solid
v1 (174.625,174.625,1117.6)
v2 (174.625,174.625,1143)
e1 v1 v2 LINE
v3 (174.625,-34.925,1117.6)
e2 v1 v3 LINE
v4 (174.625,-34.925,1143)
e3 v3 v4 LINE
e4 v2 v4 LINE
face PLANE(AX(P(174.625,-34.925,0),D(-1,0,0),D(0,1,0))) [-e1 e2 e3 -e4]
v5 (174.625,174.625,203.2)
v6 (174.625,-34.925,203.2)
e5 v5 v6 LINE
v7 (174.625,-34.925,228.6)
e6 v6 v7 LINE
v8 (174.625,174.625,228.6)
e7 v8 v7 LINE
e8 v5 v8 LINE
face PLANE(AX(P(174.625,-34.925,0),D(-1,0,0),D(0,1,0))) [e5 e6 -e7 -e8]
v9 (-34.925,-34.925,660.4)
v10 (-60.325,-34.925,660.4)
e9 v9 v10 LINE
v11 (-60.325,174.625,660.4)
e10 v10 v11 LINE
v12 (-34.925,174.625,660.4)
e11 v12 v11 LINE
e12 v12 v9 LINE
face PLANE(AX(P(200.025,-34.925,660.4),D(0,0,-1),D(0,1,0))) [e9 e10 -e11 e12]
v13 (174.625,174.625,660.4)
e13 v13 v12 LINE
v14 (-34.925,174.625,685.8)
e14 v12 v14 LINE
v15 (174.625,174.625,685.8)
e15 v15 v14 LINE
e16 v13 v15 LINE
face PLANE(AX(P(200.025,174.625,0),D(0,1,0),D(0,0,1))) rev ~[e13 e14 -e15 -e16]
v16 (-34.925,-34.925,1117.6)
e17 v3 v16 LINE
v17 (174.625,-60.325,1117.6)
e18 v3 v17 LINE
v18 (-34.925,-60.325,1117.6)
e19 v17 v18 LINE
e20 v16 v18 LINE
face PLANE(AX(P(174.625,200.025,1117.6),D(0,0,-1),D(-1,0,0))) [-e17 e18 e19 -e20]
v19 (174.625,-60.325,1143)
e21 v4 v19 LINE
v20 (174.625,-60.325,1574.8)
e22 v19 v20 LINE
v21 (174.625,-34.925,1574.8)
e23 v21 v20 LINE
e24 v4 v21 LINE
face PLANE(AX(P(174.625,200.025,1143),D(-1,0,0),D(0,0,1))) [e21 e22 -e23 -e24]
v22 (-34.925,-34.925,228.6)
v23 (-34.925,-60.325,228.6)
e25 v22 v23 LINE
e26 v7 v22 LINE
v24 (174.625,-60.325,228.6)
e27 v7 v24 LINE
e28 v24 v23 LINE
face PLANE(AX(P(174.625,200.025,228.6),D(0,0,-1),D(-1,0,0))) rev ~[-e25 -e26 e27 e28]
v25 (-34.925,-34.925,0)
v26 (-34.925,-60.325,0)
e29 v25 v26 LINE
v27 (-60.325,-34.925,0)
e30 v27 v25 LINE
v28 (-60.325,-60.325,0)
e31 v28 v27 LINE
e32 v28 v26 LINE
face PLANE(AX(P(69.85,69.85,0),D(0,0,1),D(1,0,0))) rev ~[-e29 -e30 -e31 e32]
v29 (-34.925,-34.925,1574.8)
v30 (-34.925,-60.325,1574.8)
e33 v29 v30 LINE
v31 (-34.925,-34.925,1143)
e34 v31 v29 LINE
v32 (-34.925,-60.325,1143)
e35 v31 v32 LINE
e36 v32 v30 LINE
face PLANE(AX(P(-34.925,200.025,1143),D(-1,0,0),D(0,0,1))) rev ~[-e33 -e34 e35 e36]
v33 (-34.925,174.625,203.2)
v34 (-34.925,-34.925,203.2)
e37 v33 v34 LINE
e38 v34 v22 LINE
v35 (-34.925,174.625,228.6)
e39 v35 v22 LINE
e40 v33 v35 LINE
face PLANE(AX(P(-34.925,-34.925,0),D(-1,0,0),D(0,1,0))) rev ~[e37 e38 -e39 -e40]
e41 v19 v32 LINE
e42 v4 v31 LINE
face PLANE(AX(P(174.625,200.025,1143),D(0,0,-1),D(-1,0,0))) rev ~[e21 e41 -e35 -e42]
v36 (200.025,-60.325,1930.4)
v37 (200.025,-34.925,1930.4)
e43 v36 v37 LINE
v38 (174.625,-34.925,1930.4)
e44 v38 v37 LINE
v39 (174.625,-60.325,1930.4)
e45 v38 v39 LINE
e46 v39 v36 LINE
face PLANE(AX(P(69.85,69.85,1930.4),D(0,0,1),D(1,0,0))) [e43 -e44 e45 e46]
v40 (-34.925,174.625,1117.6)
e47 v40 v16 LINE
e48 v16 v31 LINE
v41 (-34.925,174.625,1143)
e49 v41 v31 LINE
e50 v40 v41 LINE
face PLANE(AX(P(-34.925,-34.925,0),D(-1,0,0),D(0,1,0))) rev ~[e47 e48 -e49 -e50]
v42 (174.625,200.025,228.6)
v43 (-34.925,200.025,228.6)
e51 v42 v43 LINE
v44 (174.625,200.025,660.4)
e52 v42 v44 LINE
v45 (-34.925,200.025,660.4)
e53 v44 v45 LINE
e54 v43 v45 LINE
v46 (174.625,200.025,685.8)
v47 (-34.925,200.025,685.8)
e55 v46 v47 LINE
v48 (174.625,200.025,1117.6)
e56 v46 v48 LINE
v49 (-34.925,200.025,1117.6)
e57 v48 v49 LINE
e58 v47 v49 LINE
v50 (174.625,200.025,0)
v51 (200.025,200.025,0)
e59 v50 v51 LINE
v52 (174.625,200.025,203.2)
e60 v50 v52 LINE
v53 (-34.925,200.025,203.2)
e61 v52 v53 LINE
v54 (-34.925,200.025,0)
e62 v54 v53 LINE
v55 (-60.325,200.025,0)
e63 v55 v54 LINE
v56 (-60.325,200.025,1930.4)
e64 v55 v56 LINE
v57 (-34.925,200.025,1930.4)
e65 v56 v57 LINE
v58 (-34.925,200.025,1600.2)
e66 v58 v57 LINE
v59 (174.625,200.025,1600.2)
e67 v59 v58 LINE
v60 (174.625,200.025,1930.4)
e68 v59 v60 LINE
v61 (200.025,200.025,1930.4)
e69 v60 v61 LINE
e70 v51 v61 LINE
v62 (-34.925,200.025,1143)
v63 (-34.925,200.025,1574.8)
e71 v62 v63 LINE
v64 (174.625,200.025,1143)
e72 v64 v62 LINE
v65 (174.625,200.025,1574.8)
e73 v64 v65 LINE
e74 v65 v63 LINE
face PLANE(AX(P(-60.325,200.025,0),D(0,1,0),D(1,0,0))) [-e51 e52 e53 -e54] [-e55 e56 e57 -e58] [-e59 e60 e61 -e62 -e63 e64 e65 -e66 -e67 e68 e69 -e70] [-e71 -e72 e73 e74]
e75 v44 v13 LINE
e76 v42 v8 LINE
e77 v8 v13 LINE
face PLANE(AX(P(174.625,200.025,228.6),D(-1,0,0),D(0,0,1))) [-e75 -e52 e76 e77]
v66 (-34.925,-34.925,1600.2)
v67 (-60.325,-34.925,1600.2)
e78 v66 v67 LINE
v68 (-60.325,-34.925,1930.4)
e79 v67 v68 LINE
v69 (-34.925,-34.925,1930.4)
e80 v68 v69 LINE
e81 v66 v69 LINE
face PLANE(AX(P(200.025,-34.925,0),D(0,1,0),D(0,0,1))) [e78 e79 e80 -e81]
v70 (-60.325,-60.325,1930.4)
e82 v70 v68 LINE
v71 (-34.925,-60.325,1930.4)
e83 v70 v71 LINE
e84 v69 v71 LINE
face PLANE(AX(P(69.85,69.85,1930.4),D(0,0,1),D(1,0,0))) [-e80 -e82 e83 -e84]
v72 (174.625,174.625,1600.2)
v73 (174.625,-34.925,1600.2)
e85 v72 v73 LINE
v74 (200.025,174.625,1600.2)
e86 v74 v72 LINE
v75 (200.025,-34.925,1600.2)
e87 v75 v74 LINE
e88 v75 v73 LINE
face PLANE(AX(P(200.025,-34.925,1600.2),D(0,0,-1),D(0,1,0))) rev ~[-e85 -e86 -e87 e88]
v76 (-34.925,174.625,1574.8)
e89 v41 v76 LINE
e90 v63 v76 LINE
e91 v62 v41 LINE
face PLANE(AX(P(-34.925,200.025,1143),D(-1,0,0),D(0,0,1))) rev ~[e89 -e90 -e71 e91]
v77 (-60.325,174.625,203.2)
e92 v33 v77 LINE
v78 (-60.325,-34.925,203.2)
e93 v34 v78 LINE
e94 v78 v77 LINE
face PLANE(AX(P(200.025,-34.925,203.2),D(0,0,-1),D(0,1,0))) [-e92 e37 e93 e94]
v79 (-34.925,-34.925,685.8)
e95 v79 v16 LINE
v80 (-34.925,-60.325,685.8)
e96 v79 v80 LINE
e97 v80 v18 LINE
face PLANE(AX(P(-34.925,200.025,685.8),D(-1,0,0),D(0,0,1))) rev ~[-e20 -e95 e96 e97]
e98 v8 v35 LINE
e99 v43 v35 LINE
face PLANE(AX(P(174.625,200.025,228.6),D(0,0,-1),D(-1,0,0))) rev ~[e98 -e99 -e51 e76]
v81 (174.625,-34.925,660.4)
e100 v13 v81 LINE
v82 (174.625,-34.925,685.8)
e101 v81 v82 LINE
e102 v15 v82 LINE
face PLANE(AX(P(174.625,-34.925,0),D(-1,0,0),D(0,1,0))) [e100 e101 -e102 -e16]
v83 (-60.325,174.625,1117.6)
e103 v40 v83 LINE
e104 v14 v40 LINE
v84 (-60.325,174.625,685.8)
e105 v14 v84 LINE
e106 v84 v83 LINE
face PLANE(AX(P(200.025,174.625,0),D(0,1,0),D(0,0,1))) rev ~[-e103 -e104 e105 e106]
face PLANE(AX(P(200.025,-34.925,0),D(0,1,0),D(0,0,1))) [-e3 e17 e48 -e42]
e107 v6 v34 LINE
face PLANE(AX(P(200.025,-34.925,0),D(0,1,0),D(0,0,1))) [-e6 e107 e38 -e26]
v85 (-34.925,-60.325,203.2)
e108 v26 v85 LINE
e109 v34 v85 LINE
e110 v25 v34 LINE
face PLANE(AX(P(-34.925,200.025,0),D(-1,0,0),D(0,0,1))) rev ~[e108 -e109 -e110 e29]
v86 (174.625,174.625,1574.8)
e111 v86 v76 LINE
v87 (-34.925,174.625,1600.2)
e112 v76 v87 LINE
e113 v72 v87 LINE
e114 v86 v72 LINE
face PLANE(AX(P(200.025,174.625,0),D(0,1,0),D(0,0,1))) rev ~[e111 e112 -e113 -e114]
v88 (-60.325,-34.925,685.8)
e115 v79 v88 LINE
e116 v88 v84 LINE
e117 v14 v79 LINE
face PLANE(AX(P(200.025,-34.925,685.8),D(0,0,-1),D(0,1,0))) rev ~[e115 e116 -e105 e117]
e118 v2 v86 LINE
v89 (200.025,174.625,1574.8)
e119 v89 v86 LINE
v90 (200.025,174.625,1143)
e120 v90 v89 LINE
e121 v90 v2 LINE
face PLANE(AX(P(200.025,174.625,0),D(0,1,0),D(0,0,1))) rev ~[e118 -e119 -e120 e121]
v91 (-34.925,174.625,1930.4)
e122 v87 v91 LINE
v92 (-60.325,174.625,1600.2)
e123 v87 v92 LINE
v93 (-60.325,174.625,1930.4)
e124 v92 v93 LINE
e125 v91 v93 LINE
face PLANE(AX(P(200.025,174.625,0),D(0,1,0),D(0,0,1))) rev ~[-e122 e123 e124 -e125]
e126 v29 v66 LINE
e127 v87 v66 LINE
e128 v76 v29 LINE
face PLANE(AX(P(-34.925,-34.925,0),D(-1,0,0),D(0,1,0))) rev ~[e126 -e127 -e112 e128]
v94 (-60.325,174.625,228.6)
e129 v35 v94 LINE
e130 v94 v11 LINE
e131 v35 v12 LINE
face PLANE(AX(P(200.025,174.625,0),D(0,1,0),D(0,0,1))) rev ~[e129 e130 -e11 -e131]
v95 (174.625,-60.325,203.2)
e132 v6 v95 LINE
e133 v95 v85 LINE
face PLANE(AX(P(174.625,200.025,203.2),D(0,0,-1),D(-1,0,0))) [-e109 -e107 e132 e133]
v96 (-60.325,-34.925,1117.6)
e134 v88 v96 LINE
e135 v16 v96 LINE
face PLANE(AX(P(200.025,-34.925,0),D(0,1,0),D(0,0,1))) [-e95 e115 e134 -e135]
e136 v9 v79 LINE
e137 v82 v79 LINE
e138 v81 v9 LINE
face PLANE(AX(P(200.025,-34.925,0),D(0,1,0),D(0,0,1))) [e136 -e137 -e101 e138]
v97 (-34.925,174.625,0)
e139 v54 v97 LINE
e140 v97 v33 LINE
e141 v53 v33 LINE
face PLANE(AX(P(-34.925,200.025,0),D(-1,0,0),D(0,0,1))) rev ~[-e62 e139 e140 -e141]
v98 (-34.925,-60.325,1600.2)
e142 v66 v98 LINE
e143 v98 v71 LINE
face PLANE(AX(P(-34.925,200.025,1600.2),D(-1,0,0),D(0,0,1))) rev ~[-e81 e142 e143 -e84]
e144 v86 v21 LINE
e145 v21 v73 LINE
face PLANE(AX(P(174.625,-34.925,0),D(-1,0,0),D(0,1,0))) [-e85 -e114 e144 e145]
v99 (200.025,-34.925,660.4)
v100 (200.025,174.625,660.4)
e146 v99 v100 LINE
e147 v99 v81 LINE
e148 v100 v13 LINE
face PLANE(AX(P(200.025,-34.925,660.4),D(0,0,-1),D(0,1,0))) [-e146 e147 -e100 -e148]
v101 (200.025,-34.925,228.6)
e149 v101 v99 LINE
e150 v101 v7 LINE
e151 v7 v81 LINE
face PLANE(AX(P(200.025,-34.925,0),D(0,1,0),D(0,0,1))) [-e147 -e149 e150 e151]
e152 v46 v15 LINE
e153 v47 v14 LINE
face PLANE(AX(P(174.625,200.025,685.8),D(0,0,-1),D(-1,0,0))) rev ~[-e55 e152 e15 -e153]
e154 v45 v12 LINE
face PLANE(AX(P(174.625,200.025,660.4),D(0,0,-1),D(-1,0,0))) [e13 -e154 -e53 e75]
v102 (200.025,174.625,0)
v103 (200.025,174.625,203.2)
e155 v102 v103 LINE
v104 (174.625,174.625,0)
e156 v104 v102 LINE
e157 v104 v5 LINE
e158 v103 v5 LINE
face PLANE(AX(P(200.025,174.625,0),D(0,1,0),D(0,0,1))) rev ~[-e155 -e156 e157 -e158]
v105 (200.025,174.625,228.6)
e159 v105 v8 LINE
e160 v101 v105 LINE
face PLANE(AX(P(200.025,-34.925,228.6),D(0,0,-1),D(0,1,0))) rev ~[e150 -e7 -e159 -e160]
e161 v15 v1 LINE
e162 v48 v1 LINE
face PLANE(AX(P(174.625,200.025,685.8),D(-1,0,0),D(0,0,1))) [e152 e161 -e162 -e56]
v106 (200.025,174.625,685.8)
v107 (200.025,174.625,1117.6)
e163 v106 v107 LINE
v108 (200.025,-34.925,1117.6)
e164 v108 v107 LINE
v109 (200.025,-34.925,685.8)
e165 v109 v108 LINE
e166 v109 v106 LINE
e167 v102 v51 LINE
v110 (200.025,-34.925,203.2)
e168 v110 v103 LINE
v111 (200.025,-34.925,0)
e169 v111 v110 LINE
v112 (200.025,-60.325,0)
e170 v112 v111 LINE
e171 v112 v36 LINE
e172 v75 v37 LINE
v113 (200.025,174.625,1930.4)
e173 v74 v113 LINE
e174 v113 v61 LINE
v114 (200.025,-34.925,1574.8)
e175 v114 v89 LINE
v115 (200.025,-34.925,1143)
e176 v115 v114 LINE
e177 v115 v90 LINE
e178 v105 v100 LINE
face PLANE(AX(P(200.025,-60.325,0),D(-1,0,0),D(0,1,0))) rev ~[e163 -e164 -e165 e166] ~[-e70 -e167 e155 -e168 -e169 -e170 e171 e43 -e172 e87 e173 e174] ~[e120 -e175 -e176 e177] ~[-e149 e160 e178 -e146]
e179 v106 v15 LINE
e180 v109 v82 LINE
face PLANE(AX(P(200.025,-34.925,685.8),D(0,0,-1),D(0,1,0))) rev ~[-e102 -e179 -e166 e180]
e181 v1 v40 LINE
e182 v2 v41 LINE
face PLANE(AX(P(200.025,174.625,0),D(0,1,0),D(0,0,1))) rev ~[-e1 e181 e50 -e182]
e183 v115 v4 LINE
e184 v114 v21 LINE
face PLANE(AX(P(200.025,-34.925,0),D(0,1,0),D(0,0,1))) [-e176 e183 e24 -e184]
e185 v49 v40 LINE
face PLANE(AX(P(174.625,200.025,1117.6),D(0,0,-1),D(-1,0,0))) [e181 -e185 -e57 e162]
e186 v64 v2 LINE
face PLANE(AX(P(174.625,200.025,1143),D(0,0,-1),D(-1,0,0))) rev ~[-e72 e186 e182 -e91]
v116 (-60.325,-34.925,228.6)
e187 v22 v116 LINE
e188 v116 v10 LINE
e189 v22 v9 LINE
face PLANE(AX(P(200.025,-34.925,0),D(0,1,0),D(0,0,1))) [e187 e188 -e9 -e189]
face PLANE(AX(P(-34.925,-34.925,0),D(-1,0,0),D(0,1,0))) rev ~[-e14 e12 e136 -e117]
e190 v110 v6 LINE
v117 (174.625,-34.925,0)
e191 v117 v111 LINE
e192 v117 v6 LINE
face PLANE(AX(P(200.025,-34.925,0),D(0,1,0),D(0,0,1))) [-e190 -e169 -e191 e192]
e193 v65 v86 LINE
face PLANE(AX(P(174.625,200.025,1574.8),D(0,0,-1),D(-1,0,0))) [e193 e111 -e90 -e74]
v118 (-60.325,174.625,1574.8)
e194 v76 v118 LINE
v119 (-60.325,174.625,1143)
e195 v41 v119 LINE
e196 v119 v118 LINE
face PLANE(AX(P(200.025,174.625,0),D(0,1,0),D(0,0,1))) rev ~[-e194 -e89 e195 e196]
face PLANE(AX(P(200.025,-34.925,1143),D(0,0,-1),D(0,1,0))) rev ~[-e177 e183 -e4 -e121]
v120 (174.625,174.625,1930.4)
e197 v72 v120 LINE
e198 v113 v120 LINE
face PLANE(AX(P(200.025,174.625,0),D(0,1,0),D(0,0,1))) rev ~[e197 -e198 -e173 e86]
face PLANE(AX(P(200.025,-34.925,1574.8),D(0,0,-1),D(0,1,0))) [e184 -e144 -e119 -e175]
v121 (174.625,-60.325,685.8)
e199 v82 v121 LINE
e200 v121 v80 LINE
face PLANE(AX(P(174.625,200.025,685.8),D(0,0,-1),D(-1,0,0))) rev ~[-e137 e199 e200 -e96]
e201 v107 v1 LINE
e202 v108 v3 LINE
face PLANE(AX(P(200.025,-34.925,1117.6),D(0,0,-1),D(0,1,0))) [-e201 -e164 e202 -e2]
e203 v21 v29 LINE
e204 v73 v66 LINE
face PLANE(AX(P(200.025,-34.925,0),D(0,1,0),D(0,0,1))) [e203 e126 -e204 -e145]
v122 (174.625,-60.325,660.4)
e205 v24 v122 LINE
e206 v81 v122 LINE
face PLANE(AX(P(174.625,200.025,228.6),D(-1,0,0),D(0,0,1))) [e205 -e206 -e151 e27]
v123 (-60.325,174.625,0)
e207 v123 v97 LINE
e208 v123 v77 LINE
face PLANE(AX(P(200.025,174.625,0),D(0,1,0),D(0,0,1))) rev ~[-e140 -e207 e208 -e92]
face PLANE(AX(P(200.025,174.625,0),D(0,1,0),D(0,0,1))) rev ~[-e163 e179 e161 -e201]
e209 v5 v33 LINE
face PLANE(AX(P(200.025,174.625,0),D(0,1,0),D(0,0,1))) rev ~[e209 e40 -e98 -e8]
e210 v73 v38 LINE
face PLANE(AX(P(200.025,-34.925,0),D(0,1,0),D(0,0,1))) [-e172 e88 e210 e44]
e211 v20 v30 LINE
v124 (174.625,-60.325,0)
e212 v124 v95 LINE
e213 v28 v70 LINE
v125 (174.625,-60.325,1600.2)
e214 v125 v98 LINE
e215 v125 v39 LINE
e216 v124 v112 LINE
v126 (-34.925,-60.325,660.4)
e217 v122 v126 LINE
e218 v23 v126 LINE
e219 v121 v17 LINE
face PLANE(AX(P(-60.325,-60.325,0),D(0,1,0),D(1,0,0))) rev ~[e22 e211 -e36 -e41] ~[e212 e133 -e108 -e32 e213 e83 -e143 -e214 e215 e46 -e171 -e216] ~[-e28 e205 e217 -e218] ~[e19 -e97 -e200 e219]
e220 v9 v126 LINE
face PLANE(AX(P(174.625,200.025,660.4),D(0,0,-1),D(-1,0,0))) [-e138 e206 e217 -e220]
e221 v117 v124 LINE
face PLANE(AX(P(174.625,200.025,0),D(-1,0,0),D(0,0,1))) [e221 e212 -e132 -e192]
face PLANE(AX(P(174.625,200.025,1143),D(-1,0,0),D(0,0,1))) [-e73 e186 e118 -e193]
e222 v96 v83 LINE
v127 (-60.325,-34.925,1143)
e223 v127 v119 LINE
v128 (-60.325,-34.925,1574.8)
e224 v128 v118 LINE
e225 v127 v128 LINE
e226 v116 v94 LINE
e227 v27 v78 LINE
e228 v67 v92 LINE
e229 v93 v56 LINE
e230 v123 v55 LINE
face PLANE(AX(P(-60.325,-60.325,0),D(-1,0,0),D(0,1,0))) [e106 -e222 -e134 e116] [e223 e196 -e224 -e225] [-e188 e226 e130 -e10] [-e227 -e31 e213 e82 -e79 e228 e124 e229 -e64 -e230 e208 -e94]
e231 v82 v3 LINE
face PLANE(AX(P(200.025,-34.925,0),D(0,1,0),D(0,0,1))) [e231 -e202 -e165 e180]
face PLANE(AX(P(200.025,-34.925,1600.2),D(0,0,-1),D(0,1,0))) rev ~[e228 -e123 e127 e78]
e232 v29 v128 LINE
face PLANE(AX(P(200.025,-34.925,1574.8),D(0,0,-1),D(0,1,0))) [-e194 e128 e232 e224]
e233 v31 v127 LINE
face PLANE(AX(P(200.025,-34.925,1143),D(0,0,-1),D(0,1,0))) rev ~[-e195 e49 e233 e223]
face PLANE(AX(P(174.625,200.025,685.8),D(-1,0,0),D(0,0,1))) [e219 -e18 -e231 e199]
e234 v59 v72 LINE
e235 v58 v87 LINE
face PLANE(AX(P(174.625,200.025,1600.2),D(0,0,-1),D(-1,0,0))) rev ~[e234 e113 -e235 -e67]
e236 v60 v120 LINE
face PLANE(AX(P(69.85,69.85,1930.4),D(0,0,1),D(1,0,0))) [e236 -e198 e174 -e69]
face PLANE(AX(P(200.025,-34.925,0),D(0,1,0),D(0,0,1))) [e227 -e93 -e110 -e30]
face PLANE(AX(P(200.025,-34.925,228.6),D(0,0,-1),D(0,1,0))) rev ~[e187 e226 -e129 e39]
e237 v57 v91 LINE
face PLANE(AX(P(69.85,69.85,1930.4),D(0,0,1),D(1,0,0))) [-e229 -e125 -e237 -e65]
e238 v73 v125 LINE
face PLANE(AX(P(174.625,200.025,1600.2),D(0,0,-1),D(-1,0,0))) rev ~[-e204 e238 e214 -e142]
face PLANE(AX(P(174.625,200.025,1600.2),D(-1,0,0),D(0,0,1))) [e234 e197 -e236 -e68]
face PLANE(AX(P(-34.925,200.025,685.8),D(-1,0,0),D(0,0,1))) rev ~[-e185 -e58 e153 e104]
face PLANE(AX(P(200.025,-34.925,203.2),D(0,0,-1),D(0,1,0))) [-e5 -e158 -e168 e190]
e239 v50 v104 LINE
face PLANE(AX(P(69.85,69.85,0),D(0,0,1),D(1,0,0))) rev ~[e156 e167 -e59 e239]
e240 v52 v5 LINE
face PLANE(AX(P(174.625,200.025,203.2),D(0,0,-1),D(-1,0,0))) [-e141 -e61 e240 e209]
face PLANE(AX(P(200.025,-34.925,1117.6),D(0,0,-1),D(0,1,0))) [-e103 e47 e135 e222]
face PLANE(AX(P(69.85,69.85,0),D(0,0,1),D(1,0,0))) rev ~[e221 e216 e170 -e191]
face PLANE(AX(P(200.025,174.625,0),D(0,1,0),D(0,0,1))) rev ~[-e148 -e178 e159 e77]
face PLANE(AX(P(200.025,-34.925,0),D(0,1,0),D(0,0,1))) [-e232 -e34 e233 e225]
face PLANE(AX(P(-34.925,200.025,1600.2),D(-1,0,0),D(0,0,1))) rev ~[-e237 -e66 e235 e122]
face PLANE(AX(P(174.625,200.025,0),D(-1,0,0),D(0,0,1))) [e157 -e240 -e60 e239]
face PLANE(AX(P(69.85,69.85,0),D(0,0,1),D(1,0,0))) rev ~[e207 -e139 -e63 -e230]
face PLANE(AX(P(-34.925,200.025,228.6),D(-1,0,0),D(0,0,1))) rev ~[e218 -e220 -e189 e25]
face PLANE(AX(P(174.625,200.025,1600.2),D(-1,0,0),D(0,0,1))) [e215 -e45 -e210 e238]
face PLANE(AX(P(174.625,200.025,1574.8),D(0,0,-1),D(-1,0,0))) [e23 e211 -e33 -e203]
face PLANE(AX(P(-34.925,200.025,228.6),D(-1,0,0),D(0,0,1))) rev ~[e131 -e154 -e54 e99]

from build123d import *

# Parameters (mm, degrees)
F0_W     = 260.35
F0_H     = 260.35
F0_W_2   = 209.55
F0_H_2   = 209.55
F1_DEPTH = 1930.4
F2_W     = 209.55
F2_H     = 330.2
F2_H_2   = 431.8
F2_H_3   = 203.2
F3_DEPTH = 260.35
F4_W     = 209.55
F4_H     = 203.2
F4_H_2   = 431.8
F4_H_3   = 330.2
F5_DEPTH = 260.35


with BuildPart() as f1:
    # F0 (on Top) → F1 (new body)
    with BuildSketch(Plane.XY):
        with Locations((69.85, 69.85)):
            Rectangle(F0_W, F0_H)
        with Locations((69.85, 69.85)):
            Rectangle(F0_W_2, F0_H_2, mode=Mode.SUBTRACT)
    extrude(amount=F1_DEPTH)

    # F2 (on face) → F3 (cut)
    with BuildSketch(Plane.YZ.offset(200.025)):
        with Locations((69.85, 1765.3)):
            Rectangle(F2_W, F2_H)
        with Locations((69.85, 1358.9)):
            Rectangle(F2_W, F2_H_2)
        with Locations((69.85, 901.7)):
            Rectangle(F2_W, F2_H_2)
        with Locations((69.85, 444.5)):
            Rectangle(F2_W, F2_H_2)
        with Locations((69.85, 101.6)):
            Rectangle(F2_W, F2_H_3)
    extrude(amount=-F3_DEPTH, mode=Mode.SUBTRACT)

    # F4 (on face) → F5 (cut)
    with BuildSketch(Plane(origin=(0, 200.025, 0), x_dir=(-1, 0, 0), z_dir=(0, 1, 0))):
        with Locations((-69.85, 101.6)):
            Rectangle(F4_W, F4_H)
        with Locations((-69.85, 444.5)):
            Rectangle(F4_W, F4_H_2)
        with Locations((-69.85, 901.7)):
            Rectangle(F4_W, F4_H_2)
        with Locations((-69.85, 1358.9)):
            Rectangle(F4_W, F4_H_2)
        with Locations((-69.85, 1765.3)):
            Rectangle(F4_W, F4_H_3)
    extrude(amount=-F5_DEPTH, mode=Mode.SUBTRACT)


solid = f1.part
